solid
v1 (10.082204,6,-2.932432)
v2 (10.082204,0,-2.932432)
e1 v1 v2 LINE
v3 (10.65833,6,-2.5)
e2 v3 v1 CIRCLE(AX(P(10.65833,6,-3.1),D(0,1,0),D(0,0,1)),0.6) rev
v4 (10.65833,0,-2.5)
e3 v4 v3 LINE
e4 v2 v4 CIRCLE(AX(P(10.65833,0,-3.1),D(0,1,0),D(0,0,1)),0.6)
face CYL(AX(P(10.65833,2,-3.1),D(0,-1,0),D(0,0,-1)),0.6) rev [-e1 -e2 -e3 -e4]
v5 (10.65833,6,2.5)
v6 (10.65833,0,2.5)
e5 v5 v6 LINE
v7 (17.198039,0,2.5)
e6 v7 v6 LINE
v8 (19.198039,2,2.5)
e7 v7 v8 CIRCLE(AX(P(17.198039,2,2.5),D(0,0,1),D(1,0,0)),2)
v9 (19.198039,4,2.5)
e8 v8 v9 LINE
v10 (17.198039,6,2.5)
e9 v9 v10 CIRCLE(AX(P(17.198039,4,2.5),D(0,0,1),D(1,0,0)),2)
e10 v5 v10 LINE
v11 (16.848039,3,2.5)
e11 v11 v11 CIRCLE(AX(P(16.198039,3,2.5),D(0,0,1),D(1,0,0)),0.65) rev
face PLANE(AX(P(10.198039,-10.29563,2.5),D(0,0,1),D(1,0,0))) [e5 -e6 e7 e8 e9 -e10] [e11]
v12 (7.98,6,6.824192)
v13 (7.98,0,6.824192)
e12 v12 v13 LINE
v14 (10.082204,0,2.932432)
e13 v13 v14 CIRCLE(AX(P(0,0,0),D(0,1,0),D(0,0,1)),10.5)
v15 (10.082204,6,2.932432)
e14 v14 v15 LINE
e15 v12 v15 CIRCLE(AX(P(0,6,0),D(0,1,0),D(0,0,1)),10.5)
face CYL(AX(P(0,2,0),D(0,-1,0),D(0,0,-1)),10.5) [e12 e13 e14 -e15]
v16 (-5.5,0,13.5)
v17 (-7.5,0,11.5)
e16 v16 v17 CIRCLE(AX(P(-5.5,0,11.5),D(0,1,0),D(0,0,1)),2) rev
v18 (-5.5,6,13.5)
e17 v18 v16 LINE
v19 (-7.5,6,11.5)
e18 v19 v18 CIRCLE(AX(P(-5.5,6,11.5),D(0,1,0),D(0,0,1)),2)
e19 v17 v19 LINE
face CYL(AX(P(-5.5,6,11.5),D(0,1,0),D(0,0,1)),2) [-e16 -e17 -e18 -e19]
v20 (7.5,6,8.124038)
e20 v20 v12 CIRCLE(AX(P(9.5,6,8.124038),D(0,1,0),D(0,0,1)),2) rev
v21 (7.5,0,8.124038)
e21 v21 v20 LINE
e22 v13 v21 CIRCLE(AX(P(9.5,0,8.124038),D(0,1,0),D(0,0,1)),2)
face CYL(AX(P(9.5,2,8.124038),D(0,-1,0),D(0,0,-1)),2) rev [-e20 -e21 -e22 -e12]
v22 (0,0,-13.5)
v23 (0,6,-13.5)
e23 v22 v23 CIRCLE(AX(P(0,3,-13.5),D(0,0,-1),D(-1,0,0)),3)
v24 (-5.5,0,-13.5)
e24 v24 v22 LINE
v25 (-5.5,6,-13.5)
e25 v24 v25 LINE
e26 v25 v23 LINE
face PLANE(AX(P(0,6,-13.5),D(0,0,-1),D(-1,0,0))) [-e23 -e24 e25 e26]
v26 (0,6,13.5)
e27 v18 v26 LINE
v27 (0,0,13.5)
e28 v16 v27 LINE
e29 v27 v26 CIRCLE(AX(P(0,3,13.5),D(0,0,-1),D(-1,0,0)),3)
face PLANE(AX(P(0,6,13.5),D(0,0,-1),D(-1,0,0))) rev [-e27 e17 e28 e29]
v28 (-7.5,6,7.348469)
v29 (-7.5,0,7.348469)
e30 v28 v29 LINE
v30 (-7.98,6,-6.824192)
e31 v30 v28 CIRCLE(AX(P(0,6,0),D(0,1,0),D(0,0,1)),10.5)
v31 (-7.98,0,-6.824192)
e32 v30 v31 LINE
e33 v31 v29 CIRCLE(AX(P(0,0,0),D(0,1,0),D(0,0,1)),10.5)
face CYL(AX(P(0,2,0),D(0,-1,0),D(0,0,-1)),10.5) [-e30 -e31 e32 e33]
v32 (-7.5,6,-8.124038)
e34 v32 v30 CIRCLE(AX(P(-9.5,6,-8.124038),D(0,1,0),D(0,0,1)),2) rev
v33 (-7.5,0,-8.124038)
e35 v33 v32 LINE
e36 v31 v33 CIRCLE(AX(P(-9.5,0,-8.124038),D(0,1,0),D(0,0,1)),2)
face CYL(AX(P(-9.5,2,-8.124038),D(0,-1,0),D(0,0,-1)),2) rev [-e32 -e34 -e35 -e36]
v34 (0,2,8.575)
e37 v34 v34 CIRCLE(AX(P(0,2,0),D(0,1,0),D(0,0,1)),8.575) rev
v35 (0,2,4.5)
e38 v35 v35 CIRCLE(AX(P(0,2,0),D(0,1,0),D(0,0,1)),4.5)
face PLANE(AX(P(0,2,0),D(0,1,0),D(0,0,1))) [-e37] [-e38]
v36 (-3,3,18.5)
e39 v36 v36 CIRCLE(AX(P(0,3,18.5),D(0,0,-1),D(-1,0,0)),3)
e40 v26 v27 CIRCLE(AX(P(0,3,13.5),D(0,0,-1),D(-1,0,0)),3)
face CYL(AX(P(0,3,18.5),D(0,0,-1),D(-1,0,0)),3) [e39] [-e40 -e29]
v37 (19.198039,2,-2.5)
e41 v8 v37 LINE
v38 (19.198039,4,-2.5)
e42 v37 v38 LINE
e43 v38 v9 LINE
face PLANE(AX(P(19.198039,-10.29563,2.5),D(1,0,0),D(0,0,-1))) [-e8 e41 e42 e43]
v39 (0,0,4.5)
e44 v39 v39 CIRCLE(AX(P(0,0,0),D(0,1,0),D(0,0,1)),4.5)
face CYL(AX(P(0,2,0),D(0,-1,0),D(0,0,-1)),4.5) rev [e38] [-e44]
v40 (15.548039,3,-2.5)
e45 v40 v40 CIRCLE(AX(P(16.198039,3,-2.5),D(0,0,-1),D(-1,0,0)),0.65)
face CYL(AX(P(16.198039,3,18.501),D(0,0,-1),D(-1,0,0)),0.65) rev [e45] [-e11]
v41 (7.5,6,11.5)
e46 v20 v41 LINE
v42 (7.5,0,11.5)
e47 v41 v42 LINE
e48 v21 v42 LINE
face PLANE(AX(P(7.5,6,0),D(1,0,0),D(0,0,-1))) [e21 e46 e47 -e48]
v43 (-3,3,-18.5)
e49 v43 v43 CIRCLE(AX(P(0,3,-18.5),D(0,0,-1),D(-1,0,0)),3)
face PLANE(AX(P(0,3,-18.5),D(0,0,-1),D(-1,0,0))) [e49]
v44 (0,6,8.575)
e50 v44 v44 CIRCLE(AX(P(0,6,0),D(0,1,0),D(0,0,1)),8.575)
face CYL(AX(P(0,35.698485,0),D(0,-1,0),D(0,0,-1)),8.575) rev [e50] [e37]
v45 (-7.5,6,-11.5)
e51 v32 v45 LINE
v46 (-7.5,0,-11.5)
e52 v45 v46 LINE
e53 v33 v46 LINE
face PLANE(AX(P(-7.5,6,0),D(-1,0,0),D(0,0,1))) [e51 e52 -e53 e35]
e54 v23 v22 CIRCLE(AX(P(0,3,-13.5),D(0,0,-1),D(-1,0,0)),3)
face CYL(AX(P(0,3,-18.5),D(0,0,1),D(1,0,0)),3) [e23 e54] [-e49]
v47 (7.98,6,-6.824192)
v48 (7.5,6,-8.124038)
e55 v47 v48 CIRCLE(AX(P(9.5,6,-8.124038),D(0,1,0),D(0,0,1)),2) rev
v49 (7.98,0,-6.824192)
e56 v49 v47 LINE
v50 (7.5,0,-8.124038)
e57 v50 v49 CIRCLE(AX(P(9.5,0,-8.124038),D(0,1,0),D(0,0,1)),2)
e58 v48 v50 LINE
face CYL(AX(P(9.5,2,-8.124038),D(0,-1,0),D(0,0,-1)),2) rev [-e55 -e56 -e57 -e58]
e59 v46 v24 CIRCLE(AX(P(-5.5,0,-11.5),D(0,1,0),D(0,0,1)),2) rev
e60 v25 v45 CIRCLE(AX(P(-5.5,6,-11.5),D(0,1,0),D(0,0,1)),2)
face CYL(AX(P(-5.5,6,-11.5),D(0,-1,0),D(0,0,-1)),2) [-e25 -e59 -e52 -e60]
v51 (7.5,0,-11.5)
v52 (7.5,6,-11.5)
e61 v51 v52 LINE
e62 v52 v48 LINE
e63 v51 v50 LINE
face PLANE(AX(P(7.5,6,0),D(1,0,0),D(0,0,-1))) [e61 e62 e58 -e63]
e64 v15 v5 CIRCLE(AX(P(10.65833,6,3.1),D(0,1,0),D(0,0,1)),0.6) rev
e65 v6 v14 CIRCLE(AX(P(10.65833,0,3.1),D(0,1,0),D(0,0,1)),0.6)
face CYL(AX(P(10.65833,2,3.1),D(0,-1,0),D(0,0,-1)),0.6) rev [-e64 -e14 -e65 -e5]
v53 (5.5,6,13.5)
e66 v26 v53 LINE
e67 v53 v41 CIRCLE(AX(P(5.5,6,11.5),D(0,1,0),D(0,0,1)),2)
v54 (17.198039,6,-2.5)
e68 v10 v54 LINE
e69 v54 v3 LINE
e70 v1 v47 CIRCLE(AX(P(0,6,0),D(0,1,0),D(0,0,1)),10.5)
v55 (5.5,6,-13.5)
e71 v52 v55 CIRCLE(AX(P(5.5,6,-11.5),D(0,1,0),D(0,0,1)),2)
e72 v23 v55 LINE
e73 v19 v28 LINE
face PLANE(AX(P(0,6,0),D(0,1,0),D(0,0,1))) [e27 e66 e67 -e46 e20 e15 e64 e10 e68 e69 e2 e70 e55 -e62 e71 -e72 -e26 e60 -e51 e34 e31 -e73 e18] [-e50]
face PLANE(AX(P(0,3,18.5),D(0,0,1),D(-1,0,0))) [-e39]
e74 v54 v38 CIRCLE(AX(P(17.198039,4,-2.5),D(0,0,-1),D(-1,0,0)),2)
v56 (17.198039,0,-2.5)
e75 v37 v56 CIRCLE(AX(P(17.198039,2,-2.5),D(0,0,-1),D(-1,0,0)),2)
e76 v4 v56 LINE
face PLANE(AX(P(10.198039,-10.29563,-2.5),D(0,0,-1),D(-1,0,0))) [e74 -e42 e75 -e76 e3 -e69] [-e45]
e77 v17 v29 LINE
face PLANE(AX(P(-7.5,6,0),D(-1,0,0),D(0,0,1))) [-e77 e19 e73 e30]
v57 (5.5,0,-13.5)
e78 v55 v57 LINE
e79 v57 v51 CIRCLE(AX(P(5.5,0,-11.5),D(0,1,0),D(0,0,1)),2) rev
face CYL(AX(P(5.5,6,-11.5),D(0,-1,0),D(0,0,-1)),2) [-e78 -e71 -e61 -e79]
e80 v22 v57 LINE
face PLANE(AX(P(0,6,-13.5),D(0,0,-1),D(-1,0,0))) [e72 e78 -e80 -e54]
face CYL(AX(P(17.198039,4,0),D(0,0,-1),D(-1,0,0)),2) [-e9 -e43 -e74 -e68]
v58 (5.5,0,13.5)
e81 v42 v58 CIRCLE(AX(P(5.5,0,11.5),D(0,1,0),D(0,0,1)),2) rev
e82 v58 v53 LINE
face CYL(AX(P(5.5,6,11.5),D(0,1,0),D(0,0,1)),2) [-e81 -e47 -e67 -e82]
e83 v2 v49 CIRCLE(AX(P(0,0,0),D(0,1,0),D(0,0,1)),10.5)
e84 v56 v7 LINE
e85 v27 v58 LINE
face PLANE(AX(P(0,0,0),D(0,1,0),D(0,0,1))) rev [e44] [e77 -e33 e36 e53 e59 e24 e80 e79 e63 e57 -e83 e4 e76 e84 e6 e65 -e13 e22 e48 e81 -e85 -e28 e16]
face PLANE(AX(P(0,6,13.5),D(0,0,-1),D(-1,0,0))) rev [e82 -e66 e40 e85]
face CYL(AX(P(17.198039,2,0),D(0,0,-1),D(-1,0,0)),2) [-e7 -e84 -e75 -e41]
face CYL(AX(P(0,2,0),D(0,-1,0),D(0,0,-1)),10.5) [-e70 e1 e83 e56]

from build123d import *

# Parameters (mm, degrees)
BOSS_EXTRUDE1_DEPTH   = 6
BOSS_EXTRUDE1_2_DEPTH = 6
SKETCH1_3_R           = 10.5
SKETCH1_3_R_2         = 4.5
BOSS_EXTRUDE2_DEPTH   = 2
SKETCH2_R             = 8.575
BOSS_EXTRUDE3_DEPTH   = 4
SKETCH3_R             = 3
BOSS_EXTRUDE4_DEPTH   = 5
BOSS_EXTRUDE5_START   = -6
BOSS_EXTRUDE5_DEPTH   = 6
CUT_EXTRUDE1_REACH    = 31.079
SKETCH5_R             = 0.65
FILLET1_R             = 2
FILLET2_R             = 0.6


with BuildPart() as part:
    # Sketch1 → Boss-Extrude1 (new body)
    with BuildSketch(Plane(origin=(0, 0, 0), x_dir=(1, 0, 0), z_dir=(0, 1, 0))):
        with BuildLine():
            Line((-7.5, 13.5), (-7.5, 7.348469228))
            ThreePointArc((-7.5, 7.348469228), (0, 10.5), (7.5, 7.348469228))
            Line((7.5, 7.348469228), (7.5, 13.5))
            Line((7.5, 13.5), (-7.5, 13.5))
        make_face()
    extrude(amount=BOSS_EXTRUDE1_DEPTH)



with BuildPart() as body_2:
    # Sketch1 → Boss-Extrude1 2 (new body)
    with BuildSketch(Plane(origin=(0, 0, 0), x_dir=(1, 0, 0), z_dir=(0, 1, 0))):
        with BuildLine():
            ThreePointArc((7.5, -7.348469228), (0, -10.5), (-7.5, -7.348469228))
            Line((-7.5, -7.348469228), (-7.5, -13.5))
            Line((-7.5, -13.5), (7.5, -13.5))
            Line((7.5, -13.5), (7.5, -7.348469228))
        make_face()
    extrude(amount=BOSS_EXTRUDE1_2_DEPTH)


with BuildPart() as part_1:
    add(part.part)

    add(body_2.part)  # Boss-Extrude2 merges body 2
    # Sketch1<3> → Boss-Extrude2 (add)
    with BuildSketch(Plane(origin=(0, 0, 0), x_dir=(1, 0, 0), z_dir=(0, 1, 0))):
        Circle(SKETCH1_3_R)
        with Locations(Location((0, 0, 0), (0, 0, 270))):
            Circle(SKETCH1_3_R_2, mode=Mode.SUBTRACT)
    extrude(amount=BOSS_EXTRUDE2_DEPTH)

    # Sketch2 → Boss-Extrude3 (add)
    with BuildSketch(Plane(origin=(0, 2, 0), x_dir=(1, 0, 0), z_dir=(0, 1, 0))):
        with BuildLine():
            ThreePointArc((7.5, 7.348469228), (0, 10.5), (-7.5, 7.348469228))
            ThreePointArc((-7.5, 7.348469228), (-10.5, 0), (-7.5, -7.348469228))
            ThreePointArc((-7.5, -7.348469228), (0, -10.5), (7.5, -7.348469228))
            ThreePointArc((7.5, -7.348469228), (10.5, 0), (7.5, 7.348469228))
        make_face()
        with Locations(Location((0, 0, 0), (0, 0, 270))):
            Circle(SKETCH2_R, mode=Mode.SUBTRACT)
    extrude(amount=BOSS_EXTRUDE3_DEPTH)

    # Sketch3 → Boss-Extrude4 (add)
    with BuildSketch(Plane(origin=(0, 0, -13.5), x_dir=(-1, 0, 0), z_dir=(0, 0, -1))):
        with Locations(Location((0, 3, 0), (0, 0, 270))):
            Circle(SKETCH3_R)
    boss_extrude4 = extrude(amount=BOSS_EXTRUDE4_DEPTH)

    # Mirror1: Boss-Extrude4 across plane
    add(boss_extrude4.mirror(Plane.XY))

    # Sketch4 → Boss-Extrude5 (add)
    with BuildSketch(Plane(origin=(0, 6, 0), x_dir=(1, 0, 0), z_dir=(0, 1, 0)).offset(BOSS_EXTRUDE5_START)):
        with BuildLine():
            Line((10.198039027, -2.5), (19.198039027, -2.5))
            Line((19.198039027, -2.5), (19.198039027, 2.5))
            Line((19.198039027, 2.5), (10.198039027, 2.5))
            ThreePointArc((10.198039027, 2.5), (10.5, 0), (10.198039027, -2.5))
        make_face()
    extrude(amount=BOSS_EXTRUDE5_DEPTH)

    # Sketch5 → Cut-Extrude1 (cut, up to next)
    with BuildSketch(Plane(origin=(0, 0, -2.5), x_dir=(-1, 0, 0), z_dir=(0, 0, -1)), mode=Mode.PRIVATE) as cut_extrude1_sk1:
        with Locations((-16.198039027, 3)):
            Circle(SKETCH5_R)
    cut_extrude1_tool1 = extrude(cut_extrude1_sk1.sketch, amount=-CUT_EXTRUDE1_REACH, mode=Mode.PRIVATE) & part_1.part
    add(cut_extrude1_tool1.solids().sort_by_distance((16.198039, 3, -2.5))[0], mode=Mode.SUBTRACT)

    # Fillet1
    fillet1_edges = [part_1.edges().sort_by_distance(p)[0] for p in [
        (7.5, 3, 7.348469228),
        (-7.5, 3, 13.5),
        (7.5, 3, 13.5),
        (19.198039027, 6, 0),
        (19.198039027, 0, 0),
        (-7.5, 3, -7.348469228),
        (-7.5, 3, -13.5),
        (7.5, 3, -13.5),
        (7.5, 3, -7.348469228),
    ]]
    fillet(fillet1_edges, radius=FILLET1_R)

    # Fillet2
    fillet2_edges = [part_1.edges().sort_by_distance(p)[0] for p in [
        (10.198039027, 3, 2.5),
        (10.198039027, 3, -2.5),
    ]]
    fillet(fillet2_edges, radius=FILLET2_R)


solid = part_1.part
